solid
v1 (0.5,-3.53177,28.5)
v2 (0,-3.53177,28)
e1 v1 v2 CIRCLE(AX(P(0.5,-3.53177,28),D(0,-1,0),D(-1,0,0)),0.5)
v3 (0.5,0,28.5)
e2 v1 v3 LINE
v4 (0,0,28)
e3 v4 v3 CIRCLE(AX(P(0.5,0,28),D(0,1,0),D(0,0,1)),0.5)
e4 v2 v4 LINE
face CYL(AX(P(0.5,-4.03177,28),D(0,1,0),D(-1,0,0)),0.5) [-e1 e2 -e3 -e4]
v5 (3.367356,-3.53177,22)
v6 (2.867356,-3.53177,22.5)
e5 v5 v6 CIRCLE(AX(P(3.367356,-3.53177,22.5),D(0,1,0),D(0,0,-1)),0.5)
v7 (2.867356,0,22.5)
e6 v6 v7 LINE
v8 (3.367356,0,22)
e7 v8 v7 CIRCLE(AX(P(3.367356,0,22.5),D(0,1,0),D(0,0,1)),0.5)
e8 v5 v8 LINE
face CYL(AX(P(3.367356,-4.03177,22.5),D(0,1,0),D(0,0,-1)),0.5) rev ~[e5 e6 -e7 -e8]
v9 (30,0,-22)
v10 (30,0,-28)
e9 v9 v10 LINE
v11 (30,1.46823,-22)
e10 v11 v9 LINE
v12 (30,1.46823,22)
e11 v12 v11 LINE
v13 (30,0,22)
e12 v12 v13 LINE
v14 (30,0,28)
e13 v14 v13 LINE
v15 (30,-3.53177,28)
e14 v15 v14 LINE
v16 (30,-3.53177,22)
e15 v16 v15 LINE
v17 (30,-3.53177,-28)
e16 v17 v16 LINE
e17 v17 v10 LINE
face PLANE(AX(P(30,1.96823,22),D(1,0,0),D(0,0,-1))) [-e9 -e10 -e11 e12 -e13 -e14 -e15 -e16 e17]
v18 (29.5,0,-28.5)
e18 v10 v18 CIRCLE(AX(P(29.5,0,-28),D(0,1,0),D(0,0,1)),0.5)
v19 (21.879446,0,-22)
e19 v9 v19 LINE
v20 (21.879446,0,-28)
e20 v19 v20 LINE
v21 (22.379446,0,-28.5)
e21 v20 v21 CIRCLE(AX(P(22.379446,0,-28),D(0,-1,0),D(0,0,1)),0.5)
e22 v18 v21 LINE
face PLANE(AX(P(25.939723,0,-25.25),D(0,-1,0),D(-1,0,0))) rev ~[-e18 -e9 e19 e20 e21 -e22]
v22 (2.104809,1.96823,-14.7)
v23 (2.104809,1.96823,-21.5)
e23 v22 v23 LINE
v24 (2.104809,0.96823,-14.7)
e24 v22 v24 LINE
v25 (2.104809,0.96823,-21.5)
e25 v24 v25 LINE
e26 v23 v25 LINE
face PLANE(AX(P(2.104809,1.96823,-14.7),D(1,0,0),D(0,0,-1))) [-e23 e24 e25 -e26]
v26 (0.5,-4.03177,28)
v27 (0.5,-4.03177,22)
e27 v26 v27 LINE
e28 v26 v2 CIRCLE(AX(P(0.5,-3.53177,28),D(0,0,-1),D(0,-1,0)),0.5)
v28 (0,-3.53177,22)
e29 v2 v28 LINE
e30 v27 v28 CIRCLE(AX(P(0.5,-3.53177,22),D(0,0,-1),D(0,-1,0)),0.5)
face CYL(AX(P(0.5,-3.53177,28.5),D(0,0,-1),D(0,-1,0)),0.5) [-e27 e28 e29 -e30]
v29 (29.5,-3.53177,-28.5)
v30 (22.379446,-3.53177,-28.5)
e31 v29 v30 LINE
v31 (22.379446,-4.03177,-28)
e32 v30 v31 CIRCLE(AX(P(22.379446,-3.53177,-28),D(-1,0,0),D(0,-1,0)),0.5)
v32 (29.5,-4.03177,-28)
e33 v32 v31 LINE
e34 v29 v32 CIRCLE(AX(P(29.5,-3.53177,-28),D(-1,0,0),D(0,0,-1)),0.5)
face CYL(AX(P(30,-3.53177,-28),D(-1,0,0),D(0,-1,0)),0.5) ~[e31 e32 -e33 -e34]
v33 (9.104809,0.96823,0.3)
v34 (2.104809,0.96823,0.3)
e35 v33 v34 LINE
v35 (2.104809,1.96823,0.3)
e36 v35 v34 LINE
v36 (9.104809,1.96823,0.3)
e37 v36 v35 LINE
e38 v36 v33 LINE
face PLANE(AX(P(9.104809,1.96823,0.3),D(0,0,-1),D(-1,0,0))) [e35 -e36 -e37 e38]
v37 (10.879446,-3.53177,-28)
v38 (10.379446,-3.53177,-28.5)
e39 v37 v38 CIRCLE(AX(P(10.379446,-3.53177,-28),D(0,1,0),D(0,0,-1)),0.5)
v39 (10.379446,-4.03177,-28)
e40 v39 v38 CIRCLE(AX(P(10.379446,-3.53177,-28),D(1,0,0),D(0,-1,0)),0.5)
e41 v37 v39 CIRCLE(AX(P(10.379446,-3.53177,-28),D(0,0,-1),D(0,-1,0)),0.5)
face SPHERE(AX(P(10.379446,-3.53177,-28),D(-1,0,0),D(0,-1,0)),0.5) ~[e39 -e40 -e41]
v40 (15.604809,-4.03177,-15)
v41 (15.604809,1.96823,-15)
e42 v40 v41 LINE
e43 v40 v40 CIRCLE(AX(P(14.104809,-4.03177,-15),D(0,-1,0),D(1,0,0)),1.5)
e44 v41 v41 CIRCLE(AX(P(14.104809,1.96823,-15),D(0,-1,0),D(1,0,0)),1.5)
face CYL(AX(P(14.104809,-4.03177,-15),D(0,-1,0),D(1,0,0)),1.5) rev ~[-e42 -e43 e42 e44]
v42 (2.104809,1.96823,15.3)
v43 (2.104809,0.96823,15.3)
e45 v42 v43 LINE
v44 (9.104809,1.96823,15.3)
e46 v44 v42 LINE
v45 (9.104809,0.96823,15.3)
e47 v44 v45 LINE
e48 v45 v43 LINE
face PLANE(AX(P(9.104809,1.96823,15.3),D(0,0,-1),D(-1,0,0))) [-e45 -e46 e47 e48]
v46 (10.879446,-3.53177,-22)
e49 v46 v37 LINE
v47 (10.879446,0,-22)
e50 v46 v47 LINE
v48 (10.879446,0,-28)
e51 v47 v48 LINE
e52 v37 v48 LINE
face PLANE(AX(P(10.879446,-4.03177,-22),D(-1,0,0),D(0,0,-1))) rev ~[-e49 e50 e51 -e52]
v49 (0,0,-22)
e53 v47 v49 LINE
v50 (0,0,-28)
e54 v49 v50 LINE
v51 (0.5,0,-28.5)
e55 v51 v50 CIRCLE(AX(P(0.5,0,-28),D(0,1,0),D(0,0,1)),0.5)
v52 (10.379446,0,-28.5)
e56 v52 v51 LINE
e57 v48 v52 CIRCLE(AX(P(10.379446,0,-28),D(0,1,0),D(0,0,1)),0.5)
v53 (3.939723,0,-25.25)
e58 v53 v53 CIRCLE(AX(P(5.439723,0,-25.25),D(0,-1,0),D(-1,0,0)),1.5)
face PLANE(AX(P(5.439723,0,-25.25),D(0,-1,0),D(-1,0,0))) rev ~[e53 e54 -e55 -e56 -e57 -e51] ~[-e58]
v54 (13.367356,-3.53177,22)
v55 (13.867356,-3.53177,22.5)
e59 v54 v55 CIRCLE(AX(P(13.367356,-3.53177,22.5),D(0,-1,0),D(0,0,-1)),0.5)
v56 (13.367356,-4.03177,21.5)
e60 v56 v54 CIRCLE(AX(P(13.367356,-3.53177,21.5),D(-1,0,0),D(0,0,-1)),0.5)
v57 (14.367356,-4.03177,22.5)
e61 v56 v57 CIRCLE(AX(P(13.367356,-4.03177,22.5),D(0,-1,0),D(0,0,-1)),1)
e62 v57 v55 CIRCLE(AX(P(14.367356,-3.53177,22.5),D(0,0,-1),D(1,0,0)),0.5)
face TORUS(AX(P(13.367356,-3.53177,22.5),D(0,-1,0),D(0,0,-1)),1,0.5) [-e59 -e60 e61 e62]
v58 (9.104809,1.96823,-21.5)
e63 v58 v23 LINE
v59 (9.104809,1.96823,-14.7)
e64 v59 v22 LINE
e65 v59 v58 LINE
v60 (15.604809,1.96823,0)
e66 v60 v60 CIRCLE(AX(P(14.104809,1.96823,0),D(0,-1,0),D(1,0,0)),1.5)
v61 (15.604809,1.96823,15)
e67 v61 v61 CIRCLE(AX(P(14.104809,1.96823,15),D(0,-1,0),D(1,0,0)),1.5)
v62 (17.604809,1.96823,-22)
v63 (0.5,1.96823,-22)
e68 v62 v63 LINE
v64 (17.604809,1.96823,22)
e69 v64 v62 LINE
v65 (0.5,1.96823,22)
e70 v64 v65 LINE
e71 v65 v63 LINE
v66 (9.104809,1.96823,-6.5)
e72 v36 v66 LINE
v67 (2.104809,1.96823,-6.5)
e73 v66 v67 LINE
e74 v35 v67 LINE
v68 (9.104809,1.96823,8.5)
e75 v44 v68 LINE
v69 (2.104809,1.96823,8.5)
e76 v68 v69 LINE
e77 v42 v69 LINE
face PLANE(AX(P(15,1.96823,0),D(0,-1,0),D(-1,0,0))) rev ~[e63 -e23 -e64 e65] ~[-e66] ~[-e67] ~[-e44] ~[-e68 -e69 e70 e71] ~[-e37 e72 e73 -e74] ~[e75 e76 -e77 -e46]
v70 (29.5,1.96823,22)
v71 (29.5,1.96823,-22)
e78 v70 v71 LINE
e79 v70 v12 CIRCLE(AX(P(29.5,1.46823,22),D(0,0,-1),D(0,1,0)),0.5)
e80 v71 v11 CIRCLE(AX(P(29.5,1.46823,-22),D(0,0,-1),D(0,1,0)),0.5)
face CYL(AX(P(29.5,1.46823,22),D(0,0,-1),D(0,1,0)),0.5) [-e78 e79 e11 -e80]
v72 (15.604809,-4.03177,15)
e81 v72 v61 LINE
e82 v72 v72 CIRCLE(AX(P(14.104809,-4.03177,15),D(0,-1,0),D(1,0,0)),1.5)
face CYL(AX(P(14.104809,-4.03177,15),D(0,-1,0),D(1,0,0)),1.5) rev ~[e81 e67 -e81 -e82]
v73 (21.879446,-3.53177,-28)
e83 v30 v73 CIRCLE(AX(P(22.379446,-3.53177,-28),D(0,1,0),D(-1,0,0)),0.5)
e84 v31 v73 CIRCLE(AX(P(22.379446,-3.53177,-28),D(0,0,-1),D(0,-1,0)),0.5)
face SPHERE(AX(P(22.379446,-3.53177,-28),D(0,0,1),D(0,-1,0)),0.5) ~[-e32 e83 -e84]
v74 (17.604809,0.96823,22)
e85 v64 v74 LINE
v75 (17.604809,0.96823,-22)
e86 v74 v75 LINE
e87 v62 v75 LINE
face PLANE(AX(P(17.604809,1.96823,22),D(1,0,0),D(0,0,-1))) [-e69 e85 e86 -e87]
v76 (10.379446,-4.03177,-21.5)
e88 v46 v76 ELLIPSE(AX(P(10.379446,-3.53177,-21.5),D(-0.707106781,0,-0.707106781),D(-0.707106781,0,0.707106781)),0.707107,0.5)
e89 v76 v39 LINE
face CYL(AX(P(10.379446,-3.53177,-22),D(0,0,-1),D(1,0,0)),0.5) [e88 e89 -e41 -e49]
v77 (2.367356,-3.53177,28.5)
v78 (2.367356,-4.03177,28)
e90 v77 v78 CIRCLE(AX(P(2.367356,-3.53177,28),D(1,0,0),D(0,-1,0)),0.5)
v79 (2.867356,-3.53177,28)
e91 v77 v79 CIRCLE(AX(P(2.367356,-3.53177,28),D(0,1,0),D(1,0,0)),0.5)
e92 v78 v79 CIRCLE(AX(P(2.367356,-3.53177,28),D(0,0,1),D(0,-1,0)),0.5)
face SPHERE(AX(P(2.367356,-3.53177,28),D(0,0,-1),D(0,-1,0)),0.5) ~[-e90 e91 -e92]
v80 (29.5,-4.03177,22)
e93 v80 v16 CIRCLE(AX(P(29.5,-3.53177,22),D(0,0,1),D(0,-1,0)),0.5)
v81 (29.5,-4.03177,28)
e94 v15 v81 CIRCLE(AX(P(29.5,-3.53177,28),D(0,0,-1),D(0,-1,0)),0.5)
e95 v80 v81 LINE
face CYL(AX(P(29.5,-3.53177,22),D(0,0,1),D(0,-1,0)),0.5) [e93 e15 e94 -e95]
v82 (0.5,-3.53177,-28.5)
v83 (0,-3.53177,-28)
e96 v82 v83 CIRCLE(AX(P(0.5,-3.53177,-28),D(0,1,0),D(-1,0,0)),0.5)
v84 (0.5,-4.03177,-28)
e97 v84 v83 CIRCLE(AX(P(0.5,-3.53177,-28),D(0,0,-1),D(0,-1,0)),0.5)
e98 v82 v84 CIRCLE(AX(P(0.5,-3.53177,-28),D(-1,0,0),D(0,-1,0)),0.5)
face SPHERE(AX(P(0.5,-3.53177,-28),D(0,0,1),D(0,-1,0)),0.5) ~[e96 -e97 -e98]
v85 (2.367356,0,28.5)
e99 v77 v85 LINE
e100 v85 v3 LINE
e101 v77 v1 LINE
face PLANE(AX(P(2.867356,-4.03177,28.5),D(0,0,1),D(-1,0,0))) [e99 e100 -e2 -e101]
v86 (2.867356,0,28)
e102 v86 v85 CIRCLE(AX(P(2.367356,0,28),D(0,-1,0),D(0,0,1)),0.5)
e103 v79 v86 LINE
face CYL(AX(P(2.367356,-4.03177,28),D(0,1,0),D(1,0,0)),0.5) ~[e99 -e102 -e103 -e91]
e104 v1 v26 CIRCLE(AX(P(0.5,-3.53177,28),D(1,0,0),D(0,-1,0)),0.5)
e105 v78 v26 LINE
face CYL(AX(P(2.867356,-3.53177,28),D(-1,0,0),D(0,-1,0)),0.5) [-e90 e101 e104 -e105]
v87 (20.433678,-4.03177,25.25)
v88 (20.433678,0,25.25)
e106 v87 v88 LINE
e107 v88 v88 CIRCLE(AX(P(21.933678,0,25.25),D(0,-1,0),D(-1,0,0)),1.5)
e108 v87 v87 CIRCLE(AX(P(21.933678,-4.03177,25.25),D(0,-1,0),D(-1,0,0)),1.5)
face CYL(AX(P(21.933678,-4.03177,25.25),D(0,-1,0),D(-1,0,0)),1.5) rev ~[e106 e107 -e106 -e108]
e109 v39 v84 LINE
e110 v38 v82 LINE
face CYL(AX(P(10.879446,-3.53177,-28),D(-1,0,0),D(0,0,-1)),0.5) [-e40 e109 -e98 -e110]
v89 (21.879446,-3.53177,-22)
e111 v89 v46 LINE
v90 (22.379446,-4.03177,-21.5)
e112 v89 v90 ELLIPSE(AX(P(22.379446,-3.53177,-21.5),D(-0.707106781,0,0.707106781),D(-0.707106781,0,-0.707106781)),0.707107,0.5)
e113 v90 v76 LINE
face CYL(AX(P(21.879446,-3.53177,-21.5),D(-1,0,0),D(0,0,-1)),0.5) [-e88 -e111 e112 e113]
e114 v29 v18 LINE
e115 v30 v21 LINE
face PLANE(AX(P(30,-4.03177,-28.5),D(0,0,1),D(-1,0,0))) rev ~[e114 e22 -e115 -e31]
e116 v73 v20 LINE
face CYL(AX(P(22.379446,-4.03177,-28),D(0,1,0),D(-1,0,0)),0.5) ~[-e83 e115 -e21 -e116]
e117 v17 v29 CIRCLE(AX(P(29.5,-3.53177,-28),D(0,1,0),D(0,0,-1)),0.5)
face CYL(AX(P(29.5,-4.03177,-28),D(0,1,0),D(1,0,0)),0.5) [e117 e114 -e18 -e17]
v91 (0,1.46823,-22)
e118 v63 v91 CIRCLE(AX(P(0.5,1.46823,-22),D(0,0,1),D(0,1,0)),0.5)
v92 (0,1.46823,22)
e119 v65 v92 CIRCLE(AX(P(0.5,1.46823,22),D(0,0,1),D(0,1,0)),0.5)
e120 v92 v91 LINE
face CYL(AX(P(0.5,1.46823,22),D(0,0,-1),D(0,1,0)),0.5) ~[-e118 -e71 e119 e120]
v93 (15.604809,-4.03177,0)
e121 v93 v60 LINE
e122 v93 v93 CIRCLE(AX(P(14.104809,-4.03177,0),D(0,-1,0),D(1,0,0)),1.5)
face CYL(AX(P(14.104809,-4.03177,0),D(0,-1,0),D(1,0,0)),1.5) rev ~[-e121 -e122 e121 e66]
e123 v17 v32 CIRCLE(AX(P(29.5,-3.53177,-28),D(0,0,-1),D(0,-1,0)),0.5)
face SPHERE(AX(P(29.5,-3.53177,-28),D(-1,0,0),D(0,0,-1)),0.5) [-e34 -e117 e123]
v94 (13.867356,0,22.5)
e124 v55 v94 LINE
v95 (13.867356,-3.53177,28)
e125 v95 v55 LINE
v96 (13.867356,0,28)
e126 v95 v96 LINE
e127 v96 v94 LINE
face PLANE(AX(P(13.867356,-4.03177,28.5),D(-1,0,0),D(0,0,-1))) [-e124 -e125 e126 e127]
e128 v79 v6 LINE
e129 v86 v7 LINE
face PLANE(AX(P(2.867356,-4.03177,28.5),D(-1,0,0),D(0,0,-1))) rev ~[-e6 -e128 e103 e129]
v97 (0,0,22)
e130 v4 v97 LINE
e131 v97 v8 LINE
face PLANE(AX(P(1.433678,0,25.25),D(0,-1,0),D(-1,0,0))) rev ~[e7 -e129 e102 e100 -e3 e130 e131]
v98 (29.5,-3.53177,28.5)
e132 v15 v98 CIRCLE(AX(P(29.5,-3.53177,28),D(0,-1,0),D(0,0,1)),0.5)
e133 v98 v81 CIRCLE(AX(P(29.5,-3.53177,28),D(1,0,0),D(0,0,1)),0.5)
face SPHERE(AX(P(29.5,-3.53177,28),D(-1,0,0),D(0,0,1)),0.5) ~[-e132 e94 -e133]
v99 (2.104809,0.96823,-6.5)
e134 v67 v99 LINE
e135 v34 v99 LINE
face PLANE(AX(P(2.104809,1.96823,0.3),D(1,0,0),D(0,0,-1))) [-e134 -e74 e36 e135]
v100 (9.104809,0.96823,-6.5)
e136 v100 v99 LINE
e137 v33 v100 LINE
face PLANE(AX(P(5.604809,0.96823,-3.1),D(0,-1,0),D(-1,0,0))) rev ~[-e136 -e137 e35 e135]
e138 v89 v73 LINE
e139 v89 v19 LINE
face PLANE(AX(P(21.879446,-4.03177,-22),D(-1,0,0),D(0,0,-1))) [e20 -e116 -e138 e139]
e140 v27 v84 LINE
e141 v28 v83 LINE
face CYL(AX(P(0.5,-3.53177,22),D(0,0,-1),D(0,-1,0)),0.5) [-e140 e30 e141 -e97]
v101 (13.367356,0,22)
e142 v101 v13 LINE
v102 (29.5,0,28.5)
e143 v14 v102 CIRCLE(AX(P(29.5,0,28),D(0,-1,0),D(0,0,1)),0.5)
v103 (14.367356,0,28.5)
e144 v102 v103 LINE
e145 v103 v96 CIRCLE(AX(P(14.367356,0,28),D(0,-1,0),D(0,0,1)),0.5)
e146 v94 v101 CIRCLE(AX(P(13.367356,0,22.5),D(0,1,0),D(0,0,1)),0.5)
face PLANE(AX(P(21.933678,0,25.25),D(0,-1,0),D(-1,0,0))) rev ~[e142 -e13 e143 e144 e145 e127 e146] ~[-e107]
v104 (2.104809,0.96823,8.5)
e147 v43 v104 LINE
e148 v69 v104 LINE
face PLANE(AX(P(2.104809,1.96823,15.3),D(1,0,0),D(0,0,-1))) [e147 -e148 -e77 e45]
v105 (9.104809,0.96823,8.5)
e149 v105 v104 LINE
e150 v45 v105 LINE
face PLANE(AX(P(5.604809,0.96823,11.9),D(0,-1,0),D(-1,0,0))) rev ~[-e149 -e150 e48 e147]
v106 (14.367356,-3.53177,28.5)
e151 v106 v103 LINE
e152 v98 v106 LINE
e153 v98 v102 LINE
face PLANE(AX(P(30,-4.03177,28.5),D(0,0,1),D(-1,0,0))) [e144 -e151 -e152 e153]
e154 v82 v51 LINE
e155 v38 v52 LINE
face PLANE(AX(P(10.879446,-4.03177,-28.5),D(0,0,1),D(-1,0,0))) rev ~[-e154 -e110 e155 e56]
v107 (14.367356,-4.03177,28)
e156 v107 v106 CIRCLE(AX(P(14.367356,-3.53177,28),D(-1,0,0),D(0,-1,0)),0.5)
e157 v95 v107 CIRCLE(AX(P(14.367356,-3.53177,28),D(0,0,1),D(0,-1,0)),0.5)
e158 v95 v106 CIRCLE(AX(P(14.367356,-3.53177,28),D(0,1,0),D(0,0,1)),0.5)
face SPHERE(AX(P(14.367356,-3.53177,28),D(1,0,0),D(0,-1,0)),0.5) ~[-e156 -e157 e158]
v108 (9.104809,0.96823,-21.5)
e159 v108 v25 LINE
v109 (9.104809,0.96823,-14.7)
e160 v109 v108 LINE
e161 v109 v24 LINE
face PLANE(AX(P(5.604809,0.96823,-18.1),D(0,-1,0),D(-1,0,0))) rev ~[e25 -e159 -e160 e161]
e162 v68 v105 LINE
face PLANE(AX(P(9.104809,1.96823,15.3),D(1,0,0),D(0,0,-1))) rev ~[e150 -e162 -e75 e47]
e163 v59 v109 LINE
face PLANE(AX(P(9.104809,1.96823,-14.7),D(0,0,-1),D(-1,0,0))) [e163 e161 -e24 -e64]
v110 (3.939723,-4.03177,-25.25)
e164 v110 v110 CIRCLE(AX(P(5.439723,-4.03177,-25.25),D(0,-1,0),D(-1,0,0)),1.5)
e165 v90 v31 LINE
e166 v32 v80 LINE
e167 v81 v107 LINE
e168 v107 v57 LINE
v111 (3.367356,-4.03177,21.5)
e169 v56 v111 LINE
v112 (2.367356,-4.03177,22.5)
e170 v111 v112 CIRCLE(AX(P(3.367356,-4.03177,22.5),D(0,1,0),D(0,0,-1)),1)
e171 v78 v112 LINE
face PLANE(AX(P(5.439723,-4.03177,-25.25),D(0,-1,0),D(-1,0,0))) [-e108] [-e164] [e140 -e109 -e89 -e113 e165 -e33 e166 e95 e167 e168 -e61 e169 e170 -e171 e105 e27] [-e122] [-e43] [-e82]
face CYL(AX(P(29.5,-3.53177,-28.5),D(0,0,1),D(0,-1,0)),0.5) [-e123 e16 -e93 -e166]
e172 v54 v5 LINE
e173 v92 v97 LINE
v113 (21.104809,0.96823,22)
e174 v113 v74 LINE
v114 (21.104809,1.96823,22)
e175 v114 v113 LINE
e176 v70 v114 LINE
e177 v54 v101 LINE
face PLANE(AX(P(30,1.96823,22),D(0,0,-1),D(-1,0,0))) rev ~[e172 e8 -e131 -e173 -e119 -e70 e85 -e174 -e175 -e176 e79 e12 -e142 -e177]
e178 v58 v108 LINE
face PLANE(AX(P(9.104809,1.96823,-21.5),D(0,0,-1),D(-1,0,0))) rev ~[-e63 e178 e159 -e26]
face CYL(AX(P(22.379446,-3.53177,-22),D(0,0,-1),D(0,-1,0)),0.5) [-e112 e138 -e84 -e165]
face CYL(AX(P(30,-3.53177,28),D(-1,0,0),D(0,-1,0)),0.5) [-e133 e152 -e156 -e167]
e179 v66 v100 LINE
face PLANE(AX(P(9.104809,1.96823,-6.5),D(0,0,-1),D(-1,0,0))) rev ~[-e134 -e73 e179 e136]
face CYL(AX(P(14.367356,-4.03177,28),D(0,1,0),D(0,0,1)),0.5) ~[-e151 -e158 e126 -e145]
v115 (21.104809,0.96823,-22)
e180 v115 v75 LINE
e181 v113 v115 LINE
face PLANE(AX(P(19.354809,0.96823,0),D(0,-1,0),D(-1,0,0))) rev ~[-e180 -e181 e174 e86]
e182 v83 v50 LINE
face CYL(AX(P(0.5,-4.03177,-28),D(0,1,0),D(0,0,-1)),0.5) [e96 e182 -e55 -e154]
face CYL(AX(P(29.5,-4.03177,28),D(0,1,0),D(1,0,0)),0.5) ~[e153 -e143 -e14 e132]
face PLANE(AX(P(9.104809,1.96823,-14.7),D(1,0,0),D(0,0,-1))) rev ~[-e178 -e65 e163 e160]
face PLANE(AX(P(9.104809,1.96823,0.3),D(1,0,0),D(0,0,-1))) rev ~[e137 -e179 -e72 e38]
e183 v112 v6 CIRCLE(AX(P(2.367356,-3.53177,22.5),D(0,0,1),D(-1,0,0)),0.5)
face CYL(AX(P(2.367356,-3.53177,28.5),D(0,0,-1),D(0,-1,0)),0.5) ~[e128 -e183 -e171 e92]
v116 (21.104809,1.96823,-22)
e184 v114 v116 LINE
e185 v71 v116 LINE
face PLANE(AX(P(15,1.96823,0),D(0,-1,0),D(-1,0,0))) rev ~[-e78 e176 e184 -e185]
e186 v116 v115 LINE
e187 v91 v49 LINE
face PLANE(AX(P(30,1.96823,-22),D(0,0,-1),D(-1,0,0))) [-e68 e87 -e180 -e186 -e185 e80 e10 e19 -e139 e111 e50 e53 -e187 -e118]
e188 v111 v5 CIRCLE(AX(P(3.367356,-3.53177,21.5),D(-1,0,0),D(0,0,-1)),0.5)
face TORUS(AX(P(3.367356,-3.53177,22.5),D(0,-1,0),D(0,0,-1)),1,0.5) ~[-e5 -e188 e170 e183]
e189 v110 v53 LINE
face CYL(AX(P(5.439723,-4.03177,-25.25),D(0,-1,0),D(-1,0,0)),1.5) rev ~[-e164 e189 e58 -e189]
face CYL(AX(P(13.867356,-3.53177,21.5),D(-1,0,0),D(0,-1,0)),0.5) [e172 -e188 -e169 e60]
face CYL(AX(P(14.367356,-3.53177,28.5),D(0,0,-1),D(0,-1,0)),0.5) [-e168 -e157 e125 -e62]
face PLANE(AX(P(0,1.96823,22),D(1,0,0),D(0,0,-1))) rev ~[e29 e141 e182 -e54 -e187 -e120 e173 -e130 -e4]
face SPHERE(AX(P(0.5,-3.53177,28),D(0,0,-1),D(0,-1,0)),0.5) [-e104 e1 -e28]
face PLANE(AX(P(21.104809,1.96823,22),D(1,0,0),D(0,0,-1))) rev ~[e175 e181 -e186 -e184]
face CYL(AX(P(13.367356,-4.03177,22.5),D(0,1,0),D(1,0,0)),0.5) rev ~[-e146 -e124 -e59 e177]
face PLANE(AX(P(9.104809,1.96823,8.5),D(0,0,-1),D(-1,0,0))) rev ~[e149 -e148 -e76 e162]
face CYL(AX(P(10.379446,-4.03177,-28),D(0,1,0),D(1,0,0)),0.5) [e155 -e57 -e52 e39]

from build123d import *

# Parameters (mm, degrees)
SKETCH2_W           = 30
SKETCH2_H           = 44
BOSS_EXTRUDE1_DEPTH = 6
SKETCH4_W           = 10.879446424
SKETCH4_H           = 6.5
SKETCH4_W_2         = 8.120553576
SKETCH4_W_3         = 2.867356219
SKETCH4_W_4         = 16.132643781
BOSS_EXTRUDE2_DEPTH = 4.03177
SKETCH3_W           = 3.5
SKETCH3_H           = 44
SKETCH3_W_2         = 7
SKETCH3_H_2         = 6.8
CUT_EXTRUDE3_DEPTH  = 1
FILLET1_R           = 0.5
CUT_EXTRUDE4_REACH  = 8
SKETCH5_R           = 1.5
SKETCH6_R           = 1.5
CUT_EXTRUDE5_DEPTH  = 6


with BuildPart() as part:
    # Sketch2 → Boss-Extrude1 (new body)
    with BuildSketch(Plane(origin=(0, 1.96823021, 0), x_dir=(-1, 0, 0), z_dir=(0, -1, 0))):
        with Locations((-15, 0)):
            Rectangle(SKETCH2_W, SKETCH2_H)
    extrude(amount=BOSS_EXTRUDE1_DEPTH)

    # Sketch4 → Boss-Extrude2 (add)
    with BuildSketch(Plane(origin=(0, -4.03176979, 0), x_dir=(-1, 0, 0), z_dir=(0, -1, 0))):
        with Locations((-5.439723212, 25.25)):
            Rectangle(SKETCH4_W, SKETCH4_H)
        with Locations((-25.939723212, 25.25)):
            Rectangle(SKETCH4_W_2, SKETCH4_H)
        with Locations((-1.43367811, -25.25)):
            Rectangle(SKETCH4_W_3, SKETCH4_H)
        with Locations((-21.93367811, -25.25)):
            Rectangle(SKETCH4_W_4, SKETCH4_H)
    extrude(amount=-BOSS_EXTRUDE2_DEPTH)

    # Sketch3 → Cut-Extrude3 (cut)
    with BuildSketch(Plane(origin=(0, 1.96823021, 0), x_dir=(-1, 0, 0), z_dir=(0, -1, 0))):
        with Locations((-19.354808617, 0)):
            Rectangle(SKETCH3_W, SKETCH3_H)
        with Locations((-5.604808617, 3.1)):
            Rectangle(SKETCH3_W_2, SKETCH3_H_2)
        with Locations((-5.604808617, -11.9)):
            Rectangle(SKETCH3_W_2, SKETCH3_H_2)
        with Locations((-5.604808617, 18.1)):
            Rectangle(SKETCH3_W_2, SKETCH3_H_2)
    extrude(amount=CUT_EXTRUDE3_DEPTH, mode=Mode.SUBTRACT)

    # Fillet1
    fillet1_edges = [part.edges().sort_by_distance(p)[0] for p in [
        (0, -4.03176979, 0),
        (16.379446424, -4.03176979, -22),
        (5.439723212, -4.03176979, -28.5),
        (10.879446424, -4.03176979, -25.25),
        (10.879446424, -2.01588479, -28.5),
        (0, -2.01588479, -28.5),
        (21.879446424, -4.03176979, -25.25),
        (25.939723212, -4.03176979, -28.5),
        (21.879446424, -2.01588479, -28.5),
        (30, -2.01588479, -28.5),
        (2.867356219, -4.03176979, 25.25),
        (1.433678109, -4.03176979, 28.5),
        (2.867356219, -2.01588479, 22),
        (2.867356219, -2.01588479, 28.5),
        (0, -2.01588479, 28.5),
        (8.367356219, -4.03176979, 22),
        (21.933678109, -4.03176979, 28.5),
        (13.867356219, -4.03176979, 25.25),
        (13.867356219, -2.01588479, 28.5),
        (13.867356219, -2.01588479, 22),
        (30, -2.01588479, 28.5),
        (30, -4.03176979, 0),
        (0, 1.96823021, 0),
        (30, 1.96823021, 0),
    ]]
    fillet(fillet1_edges, radius=FILLET1_R)

    # Sketch5 → Cut-Extrude4 (cut, up to next)
    with BuildSketch(Plane(origin=(0, -4.03176979, 0), x_dir=(-1, 0, 0), z_dir=(0, -1, 0)), mode=Mode.PRIVATE) as cut_extrude4_sk1:
        with Locations((-5.439723212, 25.25)):
            Circle(SKETCH5_R)
    cut_extrude4_tool1 = extrude(cut_extrude4_sk1.sketch, amount=-CUT_EXTRUDE4_REACH, mode=Mode.PRIVATE) & part.part
    add(cut_extrude4_tool1.solids().sort_by_distance((5.439723, -4.03177, -25.25))[0], mode=Mode.SUBTRACT)
    # Sketch5 → Cut-Extrude4 (cut, up to next)
    with BuildSketch(Plane(origin=(0, -4.03176979, 0), x_dir=(-1, 0, 0), z_dir=(0, -1, 0)), mode=Mode.PRIVATE) as cut_extrude4_sk2:
        with Locations((-21.933678109, -25.25)):
            Circle(SKETCH5_R)
    cut_extrude4_tool2 = extrude(cut_extrude4_sk2.sketch, amount=-CUT_EXTRUDE4_REACH, mode=Mode.PRIVATE) & part.part
    add(cut_extrude4_tool2.solids().sort_by_distance((21.933678, -4.03177, 25.25))[0], mode=Mode.SUBTRACT)

    # Sketch6 → Cut-Extrude5 (cut)
    with BuildSketch(Plane.XZ.offset(4.03176979)):
        with Locations((14.104808617, -15)):
            Circle(SKETCH6_R)
        with Locations((14.104808617, 0)):
            Circle(SKETCH6_R)
        with Locations((14.104808617, 15)):
            Circle(SKETCH6_R)
    extrude(amount=-CUT_EXTRUDE5_DEPTH, mode=Mode.SUBTRACT)


solid = part.part
